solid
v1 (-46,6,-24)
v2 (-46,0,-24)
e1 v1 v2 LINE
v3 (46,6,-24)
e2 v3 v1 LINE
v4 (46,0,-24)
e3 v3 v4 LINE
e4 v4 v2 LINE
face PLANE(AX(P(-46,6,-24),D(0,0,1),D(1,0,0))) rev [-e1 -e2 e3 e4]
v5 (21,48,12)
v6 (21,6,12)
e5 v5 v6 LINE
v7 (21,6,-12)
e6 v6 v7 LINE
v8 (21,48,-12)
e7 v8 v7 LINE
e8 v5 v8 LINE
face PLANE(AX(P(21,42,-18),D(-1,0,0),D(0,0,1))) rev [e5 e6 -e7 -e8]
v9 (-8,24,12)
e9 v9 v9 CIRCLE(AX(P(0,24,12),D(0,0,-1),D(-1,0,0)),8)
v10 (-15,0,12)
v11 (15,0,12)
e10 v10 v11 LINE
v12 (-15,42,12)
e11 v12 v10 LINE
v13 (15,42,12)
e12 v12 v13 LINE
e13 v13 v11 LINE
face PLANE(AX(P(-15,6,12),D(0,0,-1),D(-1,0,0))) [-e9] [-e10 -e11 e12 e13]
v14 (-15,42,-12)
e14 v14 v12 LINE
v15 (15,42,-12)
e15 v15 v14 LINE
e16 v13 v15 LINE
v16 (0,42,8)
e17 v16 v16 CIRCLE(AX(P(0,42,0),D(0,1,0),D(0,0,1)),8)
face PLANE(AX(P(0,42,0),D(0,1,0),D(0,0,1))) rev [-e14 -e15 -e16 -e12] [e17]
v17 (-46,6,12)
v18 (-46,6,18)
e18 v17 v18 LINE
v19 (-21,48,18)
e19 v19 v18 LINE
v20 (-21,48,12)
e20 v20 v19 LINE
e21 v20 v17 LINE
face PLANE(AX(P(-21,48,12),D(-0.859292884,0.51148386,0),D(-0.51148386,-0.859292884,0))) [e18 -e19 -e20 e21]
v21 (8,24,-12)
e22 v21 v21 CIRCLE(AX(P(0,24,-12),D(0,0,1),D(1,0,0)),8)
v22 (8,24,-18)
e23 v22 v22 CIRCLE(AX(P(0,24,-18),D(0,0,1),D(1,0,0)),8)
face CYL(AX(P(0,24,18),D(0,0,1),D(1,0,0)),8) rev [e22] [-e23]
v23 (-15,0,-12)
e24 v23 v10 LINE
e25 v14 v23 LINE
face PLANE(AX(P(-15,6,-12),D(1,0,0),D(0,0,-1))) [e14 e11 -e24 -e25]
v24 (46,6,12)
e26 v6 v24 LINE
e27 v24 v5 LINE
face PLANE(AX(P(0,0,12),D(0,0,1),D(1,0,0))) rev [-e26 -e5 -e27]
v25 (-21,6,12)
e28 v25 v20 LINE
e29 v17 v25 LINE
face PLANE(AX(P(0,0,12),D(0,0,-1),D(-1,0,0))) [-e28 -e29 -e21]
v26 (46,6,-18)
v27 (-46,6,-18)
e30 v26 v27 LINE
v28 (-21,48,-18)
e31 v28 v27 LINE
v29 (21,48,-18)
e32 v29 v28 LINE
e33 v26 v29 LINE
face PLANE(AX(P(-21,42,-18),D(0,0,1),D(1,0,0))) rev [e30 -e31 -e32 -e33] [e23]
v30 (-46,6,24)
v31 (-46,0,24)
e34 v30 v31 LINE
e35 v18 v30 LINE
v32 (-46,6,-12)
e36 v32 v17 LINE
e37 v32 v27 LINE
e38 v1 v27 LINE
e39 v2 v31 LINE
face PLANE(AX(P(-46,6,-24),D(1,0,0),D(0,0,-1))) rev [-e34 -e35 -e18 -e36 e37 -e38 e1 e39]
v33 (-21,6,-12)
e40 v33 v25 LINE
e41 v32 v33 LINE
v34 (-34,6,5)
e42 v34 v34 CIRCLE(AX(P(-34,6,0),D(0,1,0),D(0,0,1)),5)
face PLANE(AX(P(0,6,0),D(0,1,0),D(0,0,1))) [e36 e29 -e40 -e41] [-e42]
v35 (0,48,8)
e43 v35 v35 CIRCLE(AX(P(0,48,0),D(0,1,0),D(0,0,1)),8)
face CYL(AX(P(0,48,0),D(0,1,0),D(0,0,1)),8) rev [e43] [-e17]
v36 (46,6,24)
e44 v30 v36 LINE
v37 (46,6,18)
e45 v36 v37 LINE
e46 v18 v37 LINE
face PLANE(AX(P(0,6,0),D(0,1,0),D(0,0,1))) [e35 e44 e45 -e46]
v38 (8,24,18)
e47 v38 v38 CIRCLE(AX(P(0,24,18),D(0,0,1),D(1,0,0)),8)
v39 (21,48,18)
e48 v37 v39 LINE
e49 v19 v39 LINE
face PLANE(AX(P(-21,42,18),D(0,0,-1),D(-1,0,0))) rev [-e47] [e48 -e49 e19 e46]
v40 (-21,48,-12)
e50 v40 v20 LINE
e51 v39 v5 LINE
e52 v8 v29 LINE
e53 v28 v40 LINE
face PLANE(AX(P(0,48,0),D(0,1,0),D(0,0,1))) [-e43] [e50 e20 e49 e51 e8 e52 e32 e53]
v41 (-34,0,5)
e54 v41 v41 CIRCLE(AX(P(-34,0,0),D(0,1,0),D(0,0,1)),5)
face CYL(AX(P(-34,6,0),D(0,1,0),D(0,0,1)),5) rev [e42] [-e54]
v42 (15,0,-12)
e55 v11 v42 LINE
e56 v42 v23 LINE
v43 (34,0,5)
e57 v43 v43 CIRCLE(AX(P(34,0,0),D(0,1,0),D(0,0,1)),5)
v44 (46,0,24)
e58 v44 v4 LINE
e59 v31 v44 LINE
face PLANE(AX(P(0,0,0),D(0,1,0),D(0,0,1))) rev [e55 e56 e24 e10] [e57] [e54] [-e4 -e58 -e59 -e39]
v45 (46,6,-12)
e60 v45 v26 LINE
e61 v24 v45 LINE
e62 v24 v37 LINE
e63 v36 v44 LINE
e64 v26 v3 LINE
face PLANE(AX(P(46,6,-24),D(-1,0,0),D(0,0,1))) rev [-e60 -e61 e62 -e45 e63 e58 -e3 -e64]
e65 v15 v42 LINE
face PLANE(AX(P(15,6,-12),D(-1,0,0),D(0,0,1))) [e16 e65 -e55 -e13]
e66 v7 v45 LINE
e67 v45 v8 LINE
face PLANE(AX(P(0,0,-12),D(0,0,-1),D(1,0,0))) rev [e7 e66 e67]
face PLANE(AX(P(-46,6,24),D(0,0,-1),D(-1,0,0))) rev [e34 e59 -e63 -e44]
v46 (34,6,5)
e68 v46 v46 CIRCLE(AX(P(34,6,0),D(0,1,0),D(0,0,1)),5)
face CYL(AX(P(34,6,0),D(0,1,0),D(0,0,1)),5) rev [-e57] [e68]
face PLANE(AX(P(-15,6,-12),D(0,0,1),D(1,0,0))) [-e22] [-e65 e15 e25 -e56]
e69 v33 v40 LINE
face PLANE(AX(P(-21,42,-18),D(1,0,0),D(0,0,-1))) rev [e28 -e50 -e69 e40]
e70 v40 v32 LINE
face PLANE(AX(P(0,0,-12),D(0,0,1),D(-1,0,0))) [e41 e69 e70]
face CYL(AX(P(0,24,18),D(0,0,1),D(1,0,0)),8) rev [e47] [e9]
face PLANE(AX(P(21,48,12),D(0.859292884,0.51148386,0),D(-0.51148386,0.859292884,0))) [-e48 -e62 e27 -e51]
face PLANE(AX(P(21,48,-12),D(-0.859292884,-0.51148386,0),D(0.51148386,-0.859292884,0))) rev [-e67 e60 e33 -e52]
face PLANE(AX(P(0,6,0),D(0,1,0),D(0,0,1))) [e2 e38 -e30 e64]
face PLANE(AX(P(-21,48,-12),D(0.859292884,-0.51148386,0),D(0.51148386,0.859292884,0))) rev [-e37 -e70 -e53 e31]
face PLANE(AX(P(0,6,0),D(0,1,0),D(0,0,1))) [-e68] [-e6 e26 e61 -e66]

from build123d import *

# Parameters (mm, degrees)
SCHIZZO1_W                   = 92
SCHIZZO1_H                   = 48
SCHIZZO1_W_2                 = 30
SCHIZZO1_H_2                 = 24
ESTRUSIONE_ESTRUSIONE1_DEPTH = 6
SCHIZZO2_W                   = 42
SCHIZZO2_H                   = 36
SCHIZZO2_W_2                 = 30
SCHIZZO2_H_2                 = 24
ESTRUSIONE_ESTRUSIONE2_DEPTH = 36
SCHIZZO3_W                   = 42
SCHIZZO3_H                   = 36
ESTRUSIONE_ESTRUSIONE3_DEPTH = 6
ESTRUSIONE_ESTRUSIONE4_DEPTH = 6
FORO_16_0_16_1_D             = 16
FORO_16_0_16_2_D             = 16
FORO_10_0_10_1_D             = 10


with BuildPart() as part:
    # Schizzo1 → Estrusione-Estrusione1 (new body)
    with BuildSketch(Plane(origin=(0, 0, 0), x_dir=(1, 0, 0), z_dir=(0, 1, 0))):
        Rectangle(SCHIZZO1_W, SCHIZZO1_H)
        Rectangle(SCHIZZO1_W_2, SCHIZZO1_H_2, mode=Mode.SUBTRACT)
    extrude(amount=ESTRUSIONE_ESTRUSIONE1_DEPTH)

    # Schizzo2 → Estrusione-Estrusione2 (add)
    with BuildSketch(Plane(origin=(0, 6, 0), x_dir=(1, 0, 0), z_dir=(0, 1, 0))):
        Rectangle(SCHIZZO2_W, SCHIZZO2_H)
        Rectangle(SCHIZZO2_W_2, SCHIZZO2_H_2, mode=Mode.SUBTRACT)
    extrude(amount=ESTRUSIONE_ESTRUSIONE2_DEPTH)

    # Schizzo3 → Estrusione-Estrusione3 (add)
    with BuildSketch(Plane(origin=(0, 42, 0), x_dir=(1, 0, 0), z_dir=(0, 1, 0))):
        Rectangle(SCHIZZO3_W, SCHIZZO3_H)
    extrude(amount=ESTRUSIONE_ESTRUSIONE3_DEPTH)

    # Schizzo4 → Estrusione-Estrusione4 (add)
    with BuildSketch(Plane.XY.offset(18)):
        Polygon((-21, 48), (-46, 6), (-21, 6), align=None)
        Polygon((21, 48), (46, 6), (21, 6), align=None)
    estrusione_estrusione4 = extrude(amount=-ESTRUSIONE_ESTRUSIONE4_DEPTH)

    # Specchia1: Estrusione-Estrusione4 across plane
    add(estrusione_estrusione4.mirror(Plane.XY))

    # Foro Ø16.0 (16)-1 (through all)
    with Locations(Plane.XY.offset(18)):
        with Locations((0, 24)):
            Hole(FORO_16_0_16_1_D / 2)

    # Foro Ø16.0 (16)-2 (through all)
    with Locations(Plane(origin=(0, 48, 0), x_dir=(1, 0, 0), z_dir=(0, 1, 0))):
        with Locations((0, 0)):
            Hole(FORO_16_0_16_2_D / 2)

    # Foro Ø10.0 (10)-1 (through all)
    with Locations(Plane(origin=(0, 6, 0), x_dir=(1, 0, 0), z_dir=(0, 1, 0))):
        with Locations((-34, 0), (34, 0)):
            Hole(FORO_10_0_10_1_D / 2)


solid = part.part
